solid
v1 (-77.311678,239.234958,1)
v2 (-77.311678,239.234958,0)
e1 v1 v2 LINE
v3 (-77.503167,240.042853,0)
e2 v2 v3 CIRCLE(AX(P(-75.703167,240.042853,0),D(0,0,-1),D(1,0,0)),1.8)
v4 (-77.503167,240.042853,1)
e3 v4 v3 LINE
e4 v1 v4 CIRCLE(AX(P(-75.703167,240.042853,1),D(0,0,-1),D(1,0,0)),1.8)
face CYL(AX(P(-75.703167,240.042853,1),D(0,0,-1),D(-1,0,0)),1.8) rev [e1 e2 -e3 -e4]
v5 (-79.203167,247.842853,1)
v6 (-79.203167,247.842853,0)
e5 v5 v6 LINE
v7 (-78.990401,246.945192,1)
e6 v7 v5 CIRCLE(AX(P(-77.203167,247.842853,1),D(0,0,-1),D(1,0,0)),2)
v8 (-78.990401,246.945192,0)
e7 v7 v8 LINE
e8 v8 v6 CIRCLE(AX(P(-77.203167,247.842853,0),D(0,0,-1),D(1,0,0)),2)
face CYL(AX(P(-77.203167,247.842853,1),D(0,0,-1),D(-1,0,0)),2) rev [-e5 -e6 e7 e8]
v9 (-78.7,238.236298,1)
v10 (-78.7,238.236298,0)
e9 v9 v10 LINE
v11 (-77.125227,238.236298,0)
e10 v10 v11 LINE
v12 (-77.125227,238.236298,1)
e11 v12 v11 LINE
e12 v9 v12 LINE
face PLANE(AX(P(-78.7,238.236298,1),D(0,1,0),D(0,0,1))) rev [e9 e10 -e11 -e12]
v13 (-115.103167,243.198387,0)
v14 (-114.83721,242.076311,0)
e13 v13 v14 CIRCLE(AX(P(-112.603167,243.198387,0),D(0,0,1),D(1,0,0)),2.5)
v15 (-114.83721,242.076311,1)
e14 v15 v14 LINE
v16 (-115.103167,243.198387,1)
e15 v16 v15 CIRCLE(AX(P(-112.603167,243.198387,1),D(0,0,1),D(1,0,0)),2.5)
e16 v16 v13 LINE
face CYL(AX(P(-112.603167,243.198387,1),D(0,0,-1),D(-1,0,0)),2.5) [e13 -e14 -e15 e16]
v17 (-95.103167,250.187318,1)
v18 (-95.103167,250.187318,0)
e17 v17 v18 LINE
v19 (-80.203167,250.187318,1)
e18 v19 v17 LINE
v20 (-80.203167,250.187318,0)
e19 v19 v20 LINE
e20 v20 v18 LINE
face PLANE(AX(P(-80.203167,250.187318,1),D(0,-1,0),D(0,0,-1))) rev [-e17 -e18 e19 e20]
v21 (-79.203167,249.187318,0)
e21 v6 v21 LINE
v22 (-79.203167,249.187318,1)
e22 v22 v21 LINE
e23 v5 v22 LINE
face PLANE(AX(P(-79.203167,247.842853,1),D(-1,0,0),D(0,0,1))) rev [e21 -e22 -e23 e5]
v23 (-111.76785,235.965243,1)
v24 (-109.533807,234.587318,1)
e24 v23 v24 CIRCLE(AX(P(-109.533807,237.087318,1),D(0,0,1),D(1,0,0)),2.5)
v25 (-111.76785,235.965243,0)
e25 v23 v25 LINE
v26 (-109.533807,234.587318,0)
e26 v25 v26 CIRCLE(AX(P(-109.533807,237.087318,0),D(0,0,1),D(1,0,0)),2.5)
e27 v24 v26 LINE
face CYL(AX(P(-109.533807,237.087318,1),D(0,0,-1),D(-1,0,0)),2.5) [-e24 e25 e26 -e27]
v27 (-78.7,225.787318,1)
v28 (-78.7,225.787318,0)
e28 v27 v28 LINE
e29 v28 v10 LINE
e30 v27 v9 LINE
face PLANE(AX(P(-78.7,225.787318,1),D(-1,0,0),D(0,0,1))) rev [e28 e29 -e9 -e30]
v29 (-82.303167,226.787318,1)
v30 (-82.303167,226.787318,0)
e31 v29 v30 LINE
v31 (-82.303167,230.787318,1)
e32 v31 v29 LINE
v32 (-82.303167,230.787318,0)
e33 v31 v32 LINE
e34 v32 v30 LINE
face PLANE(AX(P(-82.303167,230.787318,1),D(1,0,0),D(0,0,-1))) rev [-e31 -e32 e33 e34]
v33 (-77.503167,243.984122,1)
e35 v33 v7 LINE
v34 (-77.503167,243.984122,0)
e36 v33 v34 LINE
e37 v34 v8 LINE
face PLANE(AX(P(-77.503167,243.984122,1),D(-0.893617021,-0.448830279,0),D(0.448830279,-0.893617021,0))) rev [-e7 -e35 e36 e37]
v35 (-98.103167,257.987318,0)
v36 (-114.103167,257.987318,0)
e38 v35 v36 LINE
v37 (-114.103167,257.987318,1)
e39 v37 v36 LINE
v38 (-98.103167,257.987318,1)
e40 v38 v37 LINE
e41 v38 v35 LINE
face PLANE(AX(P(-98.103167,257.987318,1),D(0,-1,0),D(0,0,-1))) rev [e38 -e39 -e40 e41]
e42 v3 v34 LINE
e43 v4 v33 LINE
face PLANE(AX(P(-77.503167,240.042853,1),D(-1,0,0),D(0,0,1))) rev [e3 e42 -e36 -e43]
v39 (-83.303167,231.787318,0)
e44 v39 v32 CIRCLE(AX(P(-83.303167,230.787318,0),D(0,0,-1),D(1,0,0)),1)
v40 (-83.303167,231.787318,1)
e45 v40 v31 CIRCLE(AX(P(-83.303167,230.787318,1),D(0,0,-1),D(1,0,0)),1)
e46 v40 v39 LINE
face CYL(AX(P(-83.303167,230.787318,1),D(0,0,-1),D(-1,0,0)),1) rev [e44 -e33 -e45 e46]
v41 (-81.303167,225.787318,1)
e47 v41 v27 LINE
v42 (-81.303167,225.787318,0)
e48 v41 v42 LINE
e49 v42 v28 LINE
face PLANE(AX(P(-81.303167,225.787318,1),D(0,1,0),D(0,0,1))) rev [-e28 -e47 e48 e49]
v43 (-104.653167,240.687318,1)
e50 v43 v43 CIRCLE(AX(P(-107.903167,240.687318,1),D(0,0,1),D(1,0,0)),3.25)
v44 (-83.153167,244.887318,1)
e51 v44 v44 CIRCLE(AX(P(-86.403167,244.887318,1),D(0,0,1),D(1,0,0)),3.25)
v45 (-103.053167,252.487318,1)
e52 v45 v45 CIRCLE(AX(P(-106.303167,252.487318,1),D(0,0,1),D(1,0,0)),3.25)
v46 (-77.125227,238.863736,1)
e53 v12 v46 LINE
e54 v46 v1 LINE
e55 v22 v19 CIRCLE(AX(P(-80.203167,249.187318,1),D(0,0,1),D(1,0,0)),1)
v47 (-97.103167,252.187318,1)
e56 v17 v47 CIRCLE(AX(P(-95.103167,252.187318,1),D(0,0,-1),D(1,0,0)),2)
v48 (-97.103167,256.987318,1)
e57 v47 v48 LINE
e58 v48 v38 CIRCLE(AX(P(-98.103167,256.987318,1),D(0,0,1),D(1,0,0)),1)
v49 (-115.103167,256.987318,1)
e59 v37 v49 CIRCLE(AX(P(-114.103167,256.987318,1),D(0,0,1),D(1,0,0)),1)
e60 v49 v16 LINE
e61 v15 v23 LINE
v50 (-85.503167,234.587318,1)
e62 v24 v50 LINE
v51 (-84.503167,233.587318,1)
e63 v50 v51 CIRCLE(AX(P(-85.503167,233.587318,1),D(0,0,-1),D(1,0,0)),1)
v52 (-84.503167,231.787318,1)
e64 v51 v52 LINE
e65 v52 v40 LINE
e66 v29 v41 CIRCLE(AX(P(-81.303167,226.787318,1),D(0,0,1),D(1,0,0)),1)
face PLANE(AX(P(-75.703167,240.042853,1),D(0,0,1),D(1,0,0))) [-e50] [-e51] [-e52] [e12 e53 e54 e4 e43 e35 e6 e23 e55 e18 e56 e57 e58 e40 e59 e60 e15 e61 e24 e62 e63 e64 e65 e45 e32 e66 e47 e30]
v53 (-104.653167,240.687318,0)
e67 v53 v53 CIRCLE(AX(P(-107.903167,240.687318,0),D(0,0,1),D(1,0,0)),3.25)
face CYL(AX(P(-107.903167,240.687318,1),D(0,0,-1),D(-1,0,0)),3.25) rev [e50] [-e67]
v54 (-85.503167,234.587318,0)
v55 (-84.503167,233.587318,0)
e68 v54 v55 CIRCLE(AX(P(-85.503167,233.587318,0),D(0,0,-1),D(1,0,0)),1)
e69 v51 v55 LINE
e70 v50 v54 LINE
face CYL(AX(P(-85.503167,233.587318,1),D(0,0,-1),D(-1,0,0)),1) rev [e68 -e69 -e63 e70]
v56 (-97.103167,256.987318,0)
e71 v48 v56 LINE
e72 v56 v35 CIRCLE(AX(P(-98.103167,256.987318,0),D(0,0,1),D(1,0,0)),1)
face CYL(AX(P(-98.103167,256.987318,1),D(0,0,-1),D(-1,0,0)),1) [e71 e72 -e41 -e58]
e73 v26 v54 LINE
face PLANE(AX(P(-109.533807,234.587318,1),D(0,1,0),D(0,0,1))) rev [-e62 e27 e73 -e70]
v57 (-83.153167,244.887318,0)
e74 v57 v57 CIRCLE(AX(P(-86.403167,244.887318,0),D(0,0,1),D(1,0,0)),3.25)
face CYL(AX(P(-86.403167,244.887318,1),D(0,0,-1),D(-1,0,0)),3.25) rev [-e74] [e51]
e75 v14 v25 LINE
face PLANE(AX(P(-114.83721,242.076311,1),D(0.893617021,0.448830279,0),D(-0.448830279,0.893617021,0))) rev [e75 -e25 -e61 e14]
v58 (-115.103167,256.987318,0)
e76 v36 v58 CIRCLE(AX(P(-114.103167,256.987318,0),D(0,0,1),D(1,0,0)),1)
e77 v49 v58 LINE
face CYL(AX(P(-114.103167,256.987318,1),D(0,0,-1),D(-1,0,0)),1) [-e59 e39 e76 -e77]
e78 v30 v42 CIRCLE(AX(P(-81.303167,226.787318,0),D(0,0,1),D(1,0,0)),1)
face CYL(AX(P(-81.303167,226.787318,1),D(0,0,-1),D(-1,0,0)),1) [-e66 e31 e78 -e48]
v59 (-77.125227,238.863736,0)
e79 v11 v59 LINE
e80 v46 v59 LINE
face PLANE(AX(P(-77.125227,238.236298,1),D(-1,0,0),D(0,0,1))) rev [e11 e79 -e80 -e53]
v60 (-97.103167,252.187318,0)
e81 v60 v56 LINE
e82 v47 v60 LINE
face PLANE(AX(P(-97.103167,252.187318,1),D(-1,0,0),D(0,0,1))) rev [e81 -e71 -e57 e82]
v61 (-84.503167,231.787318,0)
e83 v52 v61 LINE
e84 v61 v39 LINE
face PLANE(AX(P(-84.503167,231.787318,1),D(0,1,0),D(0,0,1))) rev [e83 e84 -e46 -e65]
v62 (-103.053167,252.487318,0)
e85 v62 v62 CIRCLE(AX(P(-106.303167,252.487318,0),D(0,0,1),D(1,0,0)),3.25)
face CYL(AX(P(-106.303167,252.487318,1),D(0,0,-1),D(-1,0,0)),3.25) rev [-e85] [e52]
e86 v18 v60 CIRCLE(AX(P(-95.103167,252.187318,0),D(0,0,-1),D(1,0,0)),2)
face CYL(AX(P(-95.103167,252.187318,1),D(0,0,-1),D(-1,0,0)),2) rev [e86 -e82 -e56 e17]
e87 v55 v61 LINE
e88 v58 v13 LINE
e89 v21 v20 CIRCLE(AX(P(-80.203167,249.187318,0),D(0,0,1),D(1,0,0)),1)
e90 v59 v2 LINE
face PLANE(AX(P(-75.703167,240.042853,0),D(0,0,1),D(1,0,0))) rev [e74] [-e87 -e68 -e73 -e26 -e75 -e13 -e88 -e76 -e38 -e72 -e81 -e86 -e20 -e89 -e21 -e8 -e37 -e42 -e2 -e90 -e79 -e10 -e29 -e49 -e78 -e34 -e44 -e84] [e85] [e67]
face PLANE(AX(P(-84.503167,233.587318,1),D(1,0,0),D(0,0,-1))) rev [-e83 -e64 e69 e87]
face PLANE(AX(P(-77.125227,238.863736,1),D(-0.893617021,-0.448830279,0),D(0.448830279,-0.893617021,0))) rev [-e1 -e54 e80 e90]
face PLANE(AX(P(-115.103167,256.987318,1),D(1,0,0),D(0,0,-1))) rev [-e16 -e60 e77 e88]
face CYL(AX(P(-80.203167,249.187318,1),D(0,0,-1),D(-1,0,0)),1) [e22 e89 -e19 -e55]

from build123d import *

# Parameters (mm, degrees)
SKETCH1_R           = 3.25
BOSS_EXTRUDE1_DEPTH = 1


with BuildPart() as part:
    # Sketch1 → Boss-Extrude1 (new body)
    with BuildSketch(Plane.XY):
        with BuildLine():
            Line((-77.503167437, 240.042852563), (-77.503167437, 243.984122493))
            Line((-77.503167437, 243.984122493), (-78.99040148, 246.945192005))
            ThreePointArc((-78.99040148, 246.945192005), (-79.149249152, 247.381586959), (-79.203167437, 247.842852563))
            Line((-79.203167437, 247.842852563), (-79.203167437, 249.187318466))
            ThreePointArc((-79.203167437, 249.187318466), (-79.496060656, 249.894425247), (-80.203167437, 250.187318466))
            Line((-80.203167437, 250.187318466), (-95.103167437, 250.187318466))
            ThreePointArc((-95.103167437, 250.187318466), (-96.517380999, 250.773104903), (-97.103167437, 252.187318466))
            Line((-97.103167437, 252.187318466), (-97.103167437, 256.987318466))
            ThreePointArc((-97.103167437, 256.987318466), (-97.396060656, 257.694425247), (-98.103167437, 257.987318466))
            Line((-98.103167437, 257.987318466), (-114.103167437, 257.987318466))
            ThreePointArc((-114.103167437, 257.987318466), (-114.810274218, 257.694425247), (-115.103167437, 256.987318466))
            Line((-115.103167437, 256.987318466), (-115.103167437, 243.19838666))
            ThreePointArc((-115.103167437, 243.19838666), (-115.035769581, 242.621804655), (-114.83720999, 242.076310963))
            Line((-114.83720999, 242.076310963), (-111.767849876, 235.965242768))
            ThreePointArc((-111.767849876, 235.965242768), (-110.846211749, 234.959503948), (-109.533807323, 234.587318466))
            Line((-109.533807323, 234.587318466), (-85.503167437, 234.587318466))
            ThreePointArc((-85.503167437, 234.587318466), (-84.796060656, 234.294425247), (-84.503167437, 233.587318466))
            Line((-84.503167437, 233.587318466), (-84.503167437, 231.787318466))
            Line((-84.503167437, 231.787318466), (-83.303167437, 231.787318466))
            ThreePointArc((-83.303167437, 231.787318466), (-82.596060656, 231.494425247), (-82.303167437, 230.787318466))
            Line((-82.303167437, 230.787318466), (-82.303167437, 226.787318466))
            ThreePointArc((-82.303167437, 226.787318466), (-82.010274218, 226.080211684), (-81.303167437, 225.787318466))
            Line((-81.303167437, 225.787318466), (-78.7, 225.787318466))
            Line((-78.7, 225.787318466), (-78.7, 238.236297682))
            Line((-78.7, 238.236297682), (-77.125227291, 238.236297682))
            Line((-77.125227291, 238.236297682), (-77.125227291, 238.863736239))
            Line((-77.125227291, 238.863736239), (-77.311678075, 239.234958061))
            ThreePointArc((-77.311678075, 239.234958061), (-77.454640981, 239.627713519), (-77.503167437, 240.042852563))
        make_face()
        with Locations((-107.903167437, 240.687318466)):
            Circle(SKETCH1_R, mode=Mode.SUBTRACT)
        with Locations((-86.403167437, 244.887318466)):
            Circle(SKETCH1_R, mode=Mode.SUBTRACT)
        with Locations((-106.303167437, 252.487318466)):
            Circle(SKETCH1_R, mode=Mode.SUBTRACT)
    extrude(amount=BOSS_EXTRUDE1_DEPTH)


solid = part.part
